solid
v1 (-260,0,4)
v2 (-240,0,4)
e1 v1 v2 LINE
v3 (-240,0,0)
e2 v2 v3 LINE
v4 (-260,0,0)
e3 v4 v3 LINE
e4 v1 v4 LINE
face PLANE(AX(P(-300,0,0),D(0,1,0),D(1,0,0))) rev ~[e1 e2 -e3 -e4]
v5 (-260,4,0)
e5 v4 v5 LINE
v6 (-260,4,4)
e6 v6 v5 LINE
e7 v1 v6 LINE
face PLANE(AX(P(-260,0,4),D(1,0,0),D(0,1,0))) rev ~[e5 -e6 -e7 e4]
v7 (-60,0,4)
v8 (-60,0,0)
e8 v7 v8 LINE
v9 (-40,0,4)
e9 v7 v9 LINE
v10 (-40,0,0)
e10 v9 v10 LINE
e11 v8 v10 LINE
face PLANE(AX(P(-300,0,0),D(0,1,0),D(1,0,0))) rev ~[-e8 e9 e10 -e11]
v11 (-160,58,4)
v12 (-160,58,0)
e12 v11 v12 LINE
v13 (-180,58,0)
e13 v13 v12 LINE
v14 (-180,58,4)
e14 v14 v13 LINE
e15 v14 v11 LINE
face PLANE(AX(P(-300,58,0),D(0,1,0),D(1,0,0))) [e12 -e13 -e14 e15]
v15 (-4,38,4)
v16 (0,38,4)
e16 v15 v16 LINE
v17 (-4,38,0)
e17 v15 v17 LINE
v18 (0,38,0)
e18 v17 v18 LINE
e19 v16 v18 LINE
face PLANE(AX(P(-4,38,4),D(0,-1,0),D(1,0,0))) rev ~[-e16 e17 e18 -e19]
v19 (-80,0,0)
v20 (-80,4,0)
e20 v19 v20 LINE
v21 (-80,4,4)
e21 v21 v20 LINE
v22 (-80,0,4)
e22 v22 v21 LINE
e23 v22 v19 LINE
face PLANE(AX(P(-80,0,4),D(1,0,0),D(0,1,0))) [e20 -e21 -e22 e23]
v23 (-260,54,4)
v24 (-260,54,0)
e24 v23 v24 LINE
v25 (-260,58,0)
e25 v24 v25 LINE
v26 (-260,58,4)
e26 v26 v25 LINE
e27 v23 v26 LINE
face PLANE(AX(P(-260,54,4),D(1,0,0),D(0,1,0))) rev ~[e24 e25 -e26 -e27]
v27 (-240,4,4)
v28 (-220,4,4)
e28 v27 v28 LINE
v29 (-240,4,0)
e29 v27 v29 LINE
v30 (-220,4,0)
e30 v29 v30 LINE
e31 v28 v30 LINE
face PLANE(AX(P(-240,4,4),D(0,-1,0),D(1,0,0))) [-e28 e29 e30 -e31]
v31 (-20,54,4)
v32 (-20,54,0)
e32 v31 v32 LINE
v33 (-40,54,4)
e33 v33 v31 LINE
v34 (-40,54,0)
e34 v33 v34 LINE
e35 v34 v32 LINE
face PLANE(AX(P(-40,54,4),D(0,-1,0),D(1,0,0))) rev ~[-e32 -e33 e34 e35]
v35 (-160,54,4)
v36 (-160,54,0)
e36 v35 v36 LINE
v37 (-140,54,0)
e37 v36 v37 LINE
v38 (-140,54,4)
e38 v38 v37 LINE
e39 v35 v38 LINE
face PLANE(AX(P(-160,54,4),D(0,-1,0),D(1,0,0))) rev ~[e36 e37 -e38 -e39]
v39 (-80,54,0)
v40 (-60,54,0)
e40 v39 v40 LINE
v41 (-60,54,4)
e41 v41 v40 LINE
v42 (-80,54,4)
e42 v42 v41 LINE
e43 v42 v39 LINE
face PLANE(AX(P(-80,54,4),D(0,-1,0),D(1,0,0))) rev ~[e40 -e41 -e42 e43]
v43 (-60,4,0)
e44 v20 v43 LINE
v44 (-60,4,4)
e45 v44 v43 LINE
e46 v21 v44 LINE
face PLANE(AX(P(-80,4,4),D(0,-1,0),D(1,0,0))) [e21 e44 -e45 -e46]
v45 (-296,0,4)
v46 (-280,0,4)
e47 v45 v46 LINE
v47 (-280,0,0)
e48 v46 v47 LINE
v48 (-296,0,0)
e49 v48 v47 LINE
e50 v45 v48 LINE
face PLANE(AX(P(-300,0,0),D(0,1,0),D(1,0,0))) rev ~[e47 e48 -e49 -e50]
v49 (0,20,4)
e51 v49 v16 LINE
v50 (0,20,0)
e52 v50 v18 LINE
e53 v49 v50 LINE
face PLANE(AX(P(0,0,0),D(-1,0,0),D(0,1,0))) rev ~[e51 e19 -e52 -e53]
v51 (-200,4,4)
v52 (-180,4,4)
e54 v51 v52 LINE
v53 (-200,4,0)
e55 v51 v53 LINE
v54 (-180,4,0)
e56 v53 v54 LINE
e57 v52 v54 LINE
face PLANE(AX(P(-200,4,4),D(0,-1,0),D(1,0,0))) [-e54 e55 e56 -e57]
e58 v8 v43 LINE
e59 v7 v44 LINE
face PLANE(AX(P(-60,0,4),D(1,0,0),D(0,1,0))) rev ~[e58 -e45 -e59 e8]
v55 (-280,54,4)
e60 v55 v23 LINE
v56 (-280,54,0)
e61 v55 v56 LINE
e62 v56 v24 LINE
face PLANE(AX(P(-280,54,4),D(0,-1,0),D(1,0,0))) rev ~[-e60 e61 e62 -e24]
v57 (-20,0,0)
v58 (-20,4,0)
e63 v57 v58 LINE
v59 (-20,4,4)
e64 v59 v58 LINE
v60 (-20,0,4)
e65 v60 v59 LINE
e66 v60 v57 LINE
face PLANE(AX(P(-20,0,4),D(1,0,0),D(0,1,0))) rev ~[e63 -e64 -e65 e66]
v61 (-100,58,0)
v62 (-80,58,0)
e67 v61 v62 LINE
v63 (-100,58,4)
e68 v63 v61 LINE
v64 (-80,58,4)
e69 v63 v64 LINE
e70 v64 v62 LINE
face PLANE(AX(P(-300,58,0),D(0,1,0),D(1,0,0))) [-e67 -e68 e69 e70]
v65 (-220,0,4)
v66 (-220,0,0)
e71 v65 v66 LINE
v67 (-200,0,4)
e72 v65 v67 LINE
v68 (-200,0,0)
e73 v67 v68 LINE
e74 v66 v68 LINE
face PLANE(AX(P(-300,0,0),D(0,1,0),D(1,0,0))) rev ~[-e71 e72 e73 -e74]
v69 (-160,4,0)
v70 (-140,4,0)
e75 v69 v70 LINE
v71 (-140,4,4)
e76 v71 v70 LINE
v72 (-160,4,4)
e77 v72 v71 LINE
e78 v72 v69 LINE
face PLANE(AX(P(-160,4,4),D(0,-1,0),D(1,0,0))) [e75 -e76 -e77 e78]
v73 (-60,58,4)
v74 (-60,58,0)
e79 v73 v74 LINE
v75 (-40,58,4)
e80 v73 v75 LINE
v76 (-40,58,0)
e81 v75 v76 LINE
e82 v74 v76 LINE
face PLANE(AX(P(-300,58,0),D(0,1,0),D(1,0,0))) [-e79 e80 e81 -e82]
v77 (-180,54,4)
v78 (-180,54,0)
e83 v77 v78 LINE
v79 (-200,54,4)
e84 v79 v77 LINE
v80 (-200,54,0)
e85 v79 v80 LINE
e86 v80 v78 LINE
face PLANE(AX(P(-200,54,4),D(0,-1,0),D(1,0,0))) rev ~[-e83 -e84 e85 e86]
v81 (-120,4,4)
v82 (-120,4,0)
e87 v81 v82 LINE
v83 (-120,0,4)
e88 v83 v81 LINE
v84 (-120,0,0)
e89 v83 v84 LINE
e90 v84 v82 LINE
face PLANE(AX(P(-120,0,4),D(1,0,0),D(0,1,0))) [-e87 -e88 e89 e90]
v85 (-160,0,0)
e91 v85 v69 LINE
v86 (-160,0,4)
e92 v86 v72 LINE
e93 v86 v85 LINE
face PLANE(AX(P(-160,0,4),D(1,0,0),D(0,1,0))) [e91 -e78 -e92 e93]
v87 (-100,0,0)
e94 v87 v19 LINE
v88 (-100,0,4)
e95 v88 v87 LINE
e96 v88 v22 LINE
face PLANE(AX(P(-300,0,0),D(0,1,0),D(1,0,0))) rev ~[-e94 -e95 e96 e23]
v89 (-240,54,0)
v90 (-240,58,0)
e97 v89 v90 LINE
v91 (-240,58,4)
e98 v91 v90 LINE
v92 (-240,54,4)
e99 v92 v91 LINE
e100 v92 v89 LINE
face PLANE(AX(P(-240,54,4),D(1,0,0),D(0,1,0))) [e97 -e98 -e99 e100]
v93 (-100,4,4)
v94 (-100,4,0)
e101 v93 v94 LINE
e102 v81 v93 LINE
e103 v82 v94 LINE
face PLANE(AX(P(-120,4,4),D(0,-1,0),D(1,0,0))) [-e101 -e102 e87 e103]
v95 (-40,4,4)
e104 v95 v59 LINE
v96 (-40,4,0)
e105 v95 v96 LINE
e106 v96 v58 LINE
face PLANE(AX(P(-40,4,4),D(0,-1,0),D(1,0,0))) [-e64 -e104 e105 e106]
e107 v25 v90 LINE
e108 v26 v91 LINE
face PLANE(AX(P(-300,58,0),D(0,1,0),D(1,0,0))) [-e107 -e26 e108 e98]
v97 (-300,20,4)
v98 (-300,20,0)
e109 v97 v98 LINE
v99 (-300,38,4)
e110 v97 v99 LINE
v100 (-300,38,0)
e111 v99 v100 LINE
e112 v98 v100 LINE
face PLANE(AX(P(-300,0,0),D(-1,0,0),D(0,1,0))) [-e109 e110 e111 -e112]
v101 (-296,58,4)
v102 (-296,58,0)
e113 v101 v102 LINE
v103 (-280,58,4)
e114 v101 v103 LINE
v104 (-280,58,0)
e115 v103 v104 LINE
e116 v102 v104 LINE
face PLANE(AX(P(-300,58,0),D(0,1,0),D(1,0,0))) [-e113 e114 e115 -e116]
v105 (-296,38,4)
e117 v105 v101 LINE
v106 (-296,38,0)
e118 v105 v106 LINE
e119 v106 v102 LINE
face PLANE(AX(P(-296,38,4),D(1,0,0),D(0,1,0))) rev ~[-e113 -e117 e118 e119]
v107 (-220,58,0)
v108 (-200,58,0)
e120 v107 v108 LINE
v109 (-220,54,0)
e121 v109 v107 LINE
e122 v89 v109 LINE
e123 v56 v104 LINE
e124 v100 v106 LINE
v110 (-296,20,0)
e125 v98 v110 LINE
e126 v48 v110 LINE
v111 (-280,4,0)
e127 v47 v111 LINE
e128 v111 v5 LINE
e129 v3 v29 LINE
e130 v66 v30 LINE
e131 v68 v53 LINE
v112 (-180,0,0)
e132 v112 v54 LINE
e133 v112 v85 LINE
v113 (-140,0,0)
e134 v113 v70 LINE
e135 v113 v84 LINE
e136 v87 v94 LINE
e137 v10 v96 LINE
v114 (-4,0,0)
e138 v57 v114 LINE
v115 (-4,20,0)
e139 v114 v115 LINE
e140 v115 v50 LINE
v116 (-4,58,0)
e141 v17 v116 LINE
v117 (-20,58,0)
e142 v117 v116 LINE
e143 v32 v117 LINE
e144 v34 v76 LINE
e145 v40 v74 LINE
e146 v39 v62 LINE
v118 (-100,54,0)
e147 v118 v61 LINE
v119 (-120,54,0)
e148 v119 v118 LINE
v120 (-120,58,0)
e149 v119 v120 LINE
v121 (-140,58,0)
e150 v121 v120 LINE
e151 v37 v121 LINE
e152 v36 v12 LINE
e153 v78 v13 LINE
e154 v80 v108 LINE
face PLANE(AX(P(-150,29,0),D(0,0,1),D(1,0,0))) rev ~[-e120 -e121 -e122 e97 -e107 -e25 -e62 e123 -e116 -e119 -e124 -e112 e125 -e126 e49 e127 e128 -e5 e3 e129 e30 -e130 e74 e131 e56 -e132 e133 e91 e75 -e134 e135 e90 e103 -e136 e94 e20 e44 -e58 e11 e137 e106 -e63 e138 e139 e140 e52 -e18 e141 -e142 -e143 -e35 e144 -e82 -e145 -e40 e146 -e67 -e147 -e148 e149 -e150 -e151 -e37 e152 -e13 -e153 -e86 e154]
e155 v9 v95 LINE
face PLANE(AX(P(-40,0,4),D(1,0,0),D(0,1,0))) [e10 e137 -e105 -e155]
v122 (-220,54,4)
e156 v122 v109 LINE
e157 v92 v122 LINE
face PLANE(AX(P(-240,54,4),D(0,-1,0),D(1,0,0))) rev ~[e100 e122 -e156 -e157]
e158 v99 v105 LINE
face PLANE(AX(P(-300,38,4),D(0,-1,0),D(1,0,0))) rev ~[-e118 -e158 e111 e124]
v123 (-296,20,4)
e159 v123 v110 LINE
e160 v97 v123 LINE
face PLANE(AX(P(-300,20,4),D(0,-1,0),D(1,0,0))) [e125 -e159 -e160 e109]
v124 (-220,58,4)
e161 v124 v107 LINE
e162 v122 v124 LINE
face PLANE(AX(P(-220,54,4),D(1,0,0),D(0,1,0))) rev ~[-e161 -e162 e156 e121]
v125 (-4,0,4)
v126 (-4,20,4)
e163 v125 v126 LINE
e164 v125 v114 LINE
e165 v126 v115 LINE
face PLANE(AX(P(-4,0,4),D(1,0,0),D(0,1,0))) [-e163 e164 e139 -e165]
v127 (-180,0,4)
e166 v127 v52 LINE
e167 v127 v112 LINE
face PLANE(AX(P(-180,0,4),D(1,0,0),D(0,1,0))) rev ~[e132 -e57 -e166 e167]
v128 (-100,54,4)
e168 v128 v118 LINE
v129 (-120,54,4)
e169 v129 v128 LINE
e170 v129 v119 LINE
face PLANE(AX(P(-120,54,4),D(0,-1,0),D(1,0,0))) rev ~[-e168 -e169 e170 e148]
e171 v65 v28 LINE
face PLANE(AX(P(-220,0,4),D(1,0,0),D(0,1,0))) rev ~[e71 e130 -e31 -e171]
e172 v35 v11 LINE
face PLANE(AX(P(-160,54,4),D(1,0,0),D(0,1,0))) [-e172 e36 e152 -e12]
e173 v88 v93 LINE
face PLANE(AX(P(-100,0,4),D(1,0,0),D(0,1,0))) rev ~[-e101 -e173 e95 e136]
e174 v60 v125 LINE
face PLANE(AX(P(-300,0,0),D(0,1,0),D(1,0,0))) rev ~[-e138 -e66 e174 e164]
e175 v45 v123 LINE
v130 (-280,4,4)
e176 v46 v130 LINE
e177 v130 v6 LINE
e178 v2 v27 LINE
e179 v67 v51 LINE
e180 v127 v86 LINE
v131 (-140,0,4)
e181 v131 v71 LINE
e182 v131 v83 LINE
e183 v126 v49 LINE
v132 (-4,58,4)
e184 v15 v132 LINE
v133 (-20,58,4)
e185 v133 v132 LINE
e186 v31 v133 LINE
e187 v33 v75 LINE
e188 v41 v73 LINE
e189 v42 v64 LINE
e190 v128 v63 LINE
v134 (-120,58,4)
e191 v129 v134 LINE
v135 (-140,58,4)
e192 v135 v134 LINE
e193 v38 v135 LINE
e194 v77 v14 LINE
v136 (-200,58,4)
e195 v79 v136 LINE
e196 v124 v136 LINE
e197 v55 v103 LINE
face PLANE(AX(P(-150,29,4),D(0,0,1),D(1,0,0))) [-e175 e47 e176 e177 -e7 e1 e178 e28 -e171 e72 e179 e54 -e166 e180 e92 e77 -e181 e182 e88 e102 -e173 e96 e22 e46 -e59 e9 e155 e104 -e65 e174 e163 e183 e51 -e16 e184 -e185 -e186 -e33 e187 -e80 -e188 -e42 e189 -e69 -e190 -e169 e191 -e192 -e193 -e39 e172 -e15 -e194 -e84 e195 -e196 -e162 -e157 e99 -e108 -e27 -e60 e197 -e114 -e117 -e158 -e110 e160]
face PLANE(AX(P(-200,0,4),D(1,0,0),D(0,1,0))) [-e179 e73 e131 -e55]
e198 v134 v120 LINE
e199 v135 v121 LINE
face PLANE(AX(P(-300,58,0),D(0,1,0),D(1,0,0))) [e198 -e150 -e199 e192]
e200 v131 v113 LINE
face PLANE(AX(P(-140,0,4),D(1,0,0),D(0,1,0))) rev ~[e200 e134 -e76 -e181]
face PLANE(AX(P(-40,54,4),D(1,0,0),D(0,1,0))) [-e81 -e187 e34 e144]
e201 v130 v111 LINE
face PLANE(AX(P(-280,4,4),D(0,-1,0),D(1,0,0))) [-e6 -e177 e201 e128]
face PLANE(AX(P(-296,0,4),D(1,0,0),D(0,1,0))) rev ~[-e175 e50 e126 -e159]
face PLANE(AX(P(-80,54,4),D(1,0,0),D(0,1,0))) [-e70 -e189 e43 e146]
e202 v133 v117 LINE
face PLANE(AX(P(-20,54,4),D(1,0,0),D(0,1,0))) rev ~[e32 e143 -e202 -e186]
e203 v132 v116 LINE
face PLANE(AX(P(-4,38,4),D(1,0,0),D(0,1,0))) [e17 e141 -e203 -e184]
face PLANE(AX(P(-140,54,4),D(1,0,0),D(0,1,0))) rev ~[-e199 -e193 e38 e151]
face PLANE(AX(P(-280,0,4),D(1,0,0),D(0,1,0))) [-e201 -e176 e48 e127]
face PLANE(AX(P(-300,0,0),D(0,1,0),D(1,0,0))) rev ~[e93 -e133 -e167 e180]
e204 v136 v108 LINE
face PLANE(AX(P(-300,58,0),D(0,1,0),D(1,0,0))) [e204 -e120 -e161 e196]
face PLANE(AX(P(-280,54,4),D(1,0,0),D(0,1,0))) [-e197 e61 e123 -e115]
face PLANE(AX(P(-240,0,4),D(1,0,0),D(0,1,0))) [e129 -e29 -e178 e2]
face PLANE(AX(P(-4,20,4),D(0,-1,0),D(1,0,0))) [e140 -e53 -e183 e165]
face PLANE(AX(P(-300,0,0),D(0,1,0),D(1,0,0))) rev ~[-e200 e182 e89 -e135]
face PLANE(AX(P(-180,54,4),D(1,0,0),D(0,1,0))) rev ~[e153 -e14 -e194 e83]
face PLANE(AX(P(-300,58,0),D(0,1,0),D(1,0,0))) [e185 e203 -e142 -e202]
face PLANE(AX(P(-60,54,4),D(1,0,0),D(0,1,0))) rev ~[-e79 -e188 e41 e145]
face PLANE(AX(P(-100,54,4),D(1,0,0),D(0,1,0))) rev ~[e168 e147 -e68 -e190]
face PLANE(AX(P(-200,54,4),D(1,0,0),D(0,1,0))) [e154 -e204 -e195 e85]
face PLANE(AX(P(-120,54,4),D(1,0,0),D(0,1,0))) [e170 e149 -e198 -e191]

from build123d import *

# Parameters (mm, degrees)
F0_W     = 300
F0_H     = 58
F1_DEPTH = 4
F2_W     = 20
F2_H     = 4
F2_H_2   = 4.292091
F2_W_2   = 4
F2_H_3   = 20
F3_DEPTH = 4


with BuildPart() as f1:
    # F0 (on Top) → F1 (new body)
    with BuildSketch(Plane.XY):
        with Locations((-150, 29)):
            Rectangle(F0_W, F0_H)
    extrude(amount=F1_DEPTH)

    # F2 (on face) → F3 (cut)
    with BuildSketch(Plane.XY.offset(4)):
        with Locations((-270, 2)):
            Rectangle(F2_W, F2_H)
        with Locations((-150, 2)):
            Rectangle(F2_W, F2_H)
        with Locations((-110, 2)):
            Rectangle(F2_W, F2_H)
        with Locations((-70, 2)):
            Rectangle(F2_W, F2_H)
        with Locations((-30, 2)):
            Rectangle(F2_W, F2_H)
        with Locations((-230, 2)):
            Rectangle(F2_W, F2_H)
        with Locations((-190, 2)):
            Rectangle(F2_W, F2_H)
        with Locations((-270, 56)):
            Rectangle(F2_W, F2_H)
        with Locations((-230, 56)):
            Rectangle(F2_W, F2_H)
        with Locations((-190, 56)):
            Rectangle(F2_W, F2_H)
        with Locations((-150, 56)):
            Rectangle(F2_W, F2_H)
        with Locations((-110, 56)):
            Rectangle(F2_W, F2_H)
        with Locations((-70, 56)):
            Rectangle(F2_W, F2_H)
        with Locations((-30, 56.146045)):
            Rectangle(F2_W, F2_H_2)
        with Locations((-2, 48)):
            Rectangle(F2_W_2, F2_H_3)
        with Locations((-2, 10)):
            Rectangle(F2_W_2, F2_H_3)
        with Locations((-298, 48)):
            Rectangle(F2_W_2, F2_H_3)
        with Locations((-298, 10)):
            Rectangle(F2_W_2, F2_H_3)
    extrude(amount=-F3_DEPTH, mode=Mode.SUBTRACT)


solid = f1.part
